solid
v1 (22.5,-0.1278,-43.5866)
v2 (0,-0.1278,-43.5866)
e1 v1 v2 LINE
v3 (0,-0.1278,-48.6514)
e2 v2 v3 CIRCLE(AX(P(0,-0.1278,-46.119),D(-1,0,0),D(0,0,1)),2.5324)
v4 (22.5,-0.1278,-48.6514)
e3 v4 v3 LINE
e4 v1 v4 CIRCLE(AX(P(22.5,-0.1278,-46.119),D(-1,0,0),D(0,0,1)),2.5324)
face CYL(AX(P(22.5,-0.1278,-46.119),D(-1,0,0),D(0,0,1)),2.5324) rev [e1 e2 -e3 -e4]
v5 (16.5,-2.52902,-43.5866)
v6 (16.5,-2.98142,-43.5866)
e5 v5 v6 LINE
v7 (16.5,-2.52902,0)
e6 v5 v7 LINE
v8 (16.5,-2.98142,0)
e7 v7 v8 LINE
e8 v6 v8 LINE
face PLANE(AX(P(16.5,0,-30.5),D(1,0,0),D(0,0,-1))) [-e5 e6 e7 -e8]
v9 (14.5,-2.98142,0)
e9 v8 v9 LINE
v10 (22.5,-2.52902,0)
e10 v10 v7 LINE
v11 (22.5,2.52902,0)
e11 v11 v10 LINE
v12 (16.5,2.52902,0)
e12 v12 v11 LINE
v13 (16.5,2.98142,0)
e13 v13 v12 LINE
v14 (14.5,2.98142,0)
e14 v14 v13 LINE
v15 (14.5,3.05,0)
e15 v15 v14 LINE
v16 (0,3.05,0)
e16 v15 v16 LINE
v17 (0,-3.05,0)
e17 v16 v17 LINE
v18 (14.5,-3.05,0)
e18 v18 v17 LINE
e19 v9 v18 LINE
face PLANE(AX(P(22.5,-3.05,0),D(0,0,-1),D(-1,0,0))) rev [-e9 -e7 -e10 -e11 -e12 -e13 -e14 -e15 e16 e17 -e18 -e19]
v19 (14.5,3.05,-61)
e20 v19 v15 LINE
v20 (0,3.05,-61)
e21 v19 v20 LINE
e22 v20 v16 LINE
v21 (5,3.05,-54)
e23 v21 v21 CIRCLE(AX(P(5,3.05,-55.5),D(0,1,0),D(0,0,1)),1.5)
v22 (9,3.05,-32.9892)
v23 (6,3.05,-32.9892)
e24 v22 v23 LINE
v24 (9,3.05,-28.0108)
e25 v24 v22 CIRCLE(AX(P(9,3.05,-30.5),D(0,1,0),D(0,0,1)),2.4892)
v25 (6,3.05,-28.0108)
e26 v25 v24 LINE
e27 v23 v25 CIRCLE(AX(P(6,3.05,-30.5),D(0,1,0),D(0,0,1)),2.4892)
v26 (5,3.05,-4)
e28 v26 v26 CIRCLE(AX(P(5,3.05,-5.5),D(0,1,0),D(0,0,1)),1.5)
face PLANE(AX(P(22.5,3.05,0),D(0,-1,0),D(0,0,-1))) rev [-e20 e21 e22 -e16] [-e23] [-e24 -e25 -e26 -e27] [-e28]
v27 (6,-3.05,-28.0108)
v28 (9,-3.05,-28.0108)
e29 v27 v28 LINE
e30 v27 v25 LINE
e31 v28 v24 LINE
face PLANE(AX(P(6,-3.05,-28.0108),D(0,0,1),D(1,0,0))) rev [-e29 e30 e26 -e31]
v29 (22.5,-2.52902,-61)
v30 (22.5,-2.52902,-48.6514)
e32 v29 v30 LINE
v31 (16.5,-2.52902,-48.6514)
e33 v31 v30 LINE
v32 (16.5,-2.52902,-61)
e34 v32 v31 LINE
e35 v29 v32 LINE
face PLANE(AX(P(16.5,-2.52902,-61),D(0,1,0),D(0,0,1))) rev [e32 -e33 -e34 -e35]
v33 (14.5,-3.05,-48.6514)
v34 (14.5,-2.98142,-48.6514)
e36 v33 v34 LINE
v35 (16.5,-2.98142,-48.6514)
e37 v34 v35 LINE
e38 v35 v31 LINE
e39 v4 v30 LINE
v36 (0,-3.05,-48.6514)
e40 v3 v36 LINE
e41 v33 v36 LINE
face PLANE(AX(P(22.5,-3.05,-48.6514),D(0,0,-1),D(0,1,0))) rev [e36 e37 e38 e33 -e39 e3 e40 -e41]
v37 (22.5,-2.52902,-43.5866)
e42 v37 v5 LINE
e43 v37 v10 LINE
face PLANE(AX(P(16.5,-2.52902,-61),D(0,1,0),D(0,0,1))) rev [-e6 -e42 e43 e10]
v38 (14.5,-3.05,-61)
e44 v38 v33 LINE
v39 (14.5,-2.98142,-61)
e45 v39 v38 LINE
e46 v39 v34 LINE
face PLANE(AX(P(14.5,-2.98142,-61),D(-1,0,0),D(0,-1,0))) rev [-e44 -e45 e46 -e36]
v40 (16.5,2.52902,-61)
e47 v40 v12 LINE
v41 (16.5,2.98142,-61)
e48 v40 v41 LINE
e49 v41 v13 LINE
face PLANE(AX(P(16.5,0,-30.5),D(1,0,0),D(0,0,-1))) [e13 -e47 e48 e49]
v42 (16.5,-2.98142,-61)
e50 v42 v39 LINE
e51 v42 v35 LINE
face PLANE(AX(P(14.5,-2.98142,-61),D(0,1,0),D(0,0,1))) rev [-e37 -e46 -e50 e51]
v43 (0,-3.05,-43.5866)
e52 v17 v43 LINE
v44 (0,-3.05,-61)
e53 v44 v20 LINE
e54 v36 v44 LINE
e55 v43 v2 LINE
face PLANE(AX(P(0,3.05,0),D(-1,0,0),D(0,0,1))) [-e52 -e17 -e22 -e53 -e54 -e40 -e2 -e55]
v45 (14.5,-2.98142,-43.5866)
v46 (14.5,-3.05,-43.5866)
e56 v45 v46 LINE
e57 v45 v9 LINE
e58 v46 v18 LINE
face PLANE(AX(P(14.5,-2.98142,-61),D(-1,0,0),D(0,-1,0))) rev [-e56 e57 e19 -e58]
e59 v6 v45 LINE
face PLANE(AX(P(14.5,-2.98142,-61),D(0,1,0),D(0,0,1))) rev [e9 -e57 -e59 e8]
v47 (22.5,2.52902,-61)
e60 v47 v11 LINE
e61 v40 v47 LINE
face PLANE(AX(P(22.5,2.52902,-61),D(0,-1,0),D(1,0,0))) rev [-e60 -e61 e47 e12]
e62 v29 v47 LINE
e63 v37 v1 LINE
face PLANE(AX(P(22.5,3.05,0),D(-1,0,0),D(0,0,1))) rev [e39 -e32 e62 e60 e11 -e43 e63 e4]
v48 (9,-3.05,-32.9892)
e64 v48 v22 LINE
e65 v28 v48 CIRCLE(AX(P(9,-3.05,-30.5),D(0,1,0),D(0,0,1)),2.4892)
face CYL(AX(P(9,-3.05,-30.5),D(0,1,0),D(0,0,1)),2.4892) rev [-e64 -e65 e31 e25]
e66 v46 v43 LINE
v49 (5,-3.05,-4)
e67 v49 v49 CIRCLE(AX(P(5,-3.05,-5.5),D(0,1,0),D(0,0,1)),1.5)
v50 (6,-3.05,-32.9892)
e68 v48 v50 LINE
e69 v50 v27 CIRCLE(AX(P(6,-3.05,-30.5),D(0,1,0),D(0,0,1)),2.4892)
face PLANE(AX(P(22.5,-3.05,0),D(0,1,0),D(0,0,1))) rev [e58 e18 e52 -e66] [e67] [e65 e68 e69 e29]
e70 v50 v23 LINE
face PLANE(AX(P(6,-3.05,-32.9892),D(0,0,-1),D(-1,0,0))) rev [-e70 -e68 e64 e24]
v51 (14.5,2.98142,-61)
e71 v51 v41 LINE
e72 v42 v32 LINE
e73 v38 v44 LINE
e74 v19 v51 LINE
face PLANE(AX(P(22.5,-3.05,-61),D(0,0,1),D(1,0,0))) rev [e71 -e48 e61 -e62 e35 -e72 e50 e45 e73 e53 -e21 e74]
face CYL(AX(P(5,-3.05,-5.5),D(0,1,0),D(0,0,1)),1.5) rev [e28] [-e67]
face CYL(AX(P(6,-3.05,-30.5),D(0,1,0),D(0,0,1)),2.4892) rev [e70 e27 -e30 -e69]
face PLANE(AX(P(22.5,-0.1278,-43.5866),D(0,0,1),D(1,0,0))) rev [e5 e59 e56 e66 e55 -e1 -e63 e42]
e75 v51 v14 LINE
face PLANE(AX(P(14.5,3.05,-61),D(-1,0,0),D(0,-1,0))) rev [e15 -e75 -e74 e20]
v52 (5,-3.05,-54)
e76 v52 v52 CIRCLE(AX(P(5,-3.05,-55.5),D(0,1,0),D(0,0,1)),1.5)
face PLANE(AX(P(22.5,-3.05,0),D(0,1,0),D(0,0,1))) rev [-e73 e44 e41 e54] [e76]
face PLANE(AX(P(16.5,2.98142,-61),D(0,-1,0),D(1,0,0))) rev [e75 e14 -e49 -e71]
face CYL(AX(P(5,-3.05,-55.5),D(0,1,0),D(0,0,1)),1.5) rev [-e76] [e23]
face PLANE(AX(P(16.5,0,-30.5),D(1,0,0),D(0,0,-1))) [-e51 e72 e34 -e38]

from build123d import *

# Parameters (mm, degrees)
SKETCH1_W           = 61
SKETCH1_H           = 6.1
BOSS_EXTRUDE1_DEPTH = 22.5
SKETCH2_OUTSIDE_W   = 76.06
SKETCH2_OUTSIDE_H   = 21.16
SKETCH2_OUTSIDE_W_2 = 61
SKETCH2_OUTSIDE_H_2 = 5.1952
CUT_EXTRUDE1_DEPTH  = 6
CUT_EXTRUDE3_DEPTH  = 23.5
CUT_EXTRUDE4_DEPTH  = 7.1
SKETCH7_R           = 1.5
CUT_EXTRUDE5_DEPTH  = 7.1
SKETCH8_W           = 2
SKETCH8_H           = 0.06858
SKETCH8_W_2         = 6
CUT_EXTRUDE6_DEPTH  = 62


with BuildPart() as part:
    # Sketch1 → Boss-Extrude1 (new body)
    with BuildSketch(Plane(origin=(0, 0, 0), x_dir=(0, 0, -1), z_dir=(1, 0, 0))):
        with Locations((30.5, 0)):
            Rectangle(SKETCH1_W, SKETCH1_H)
    extrude(amount=BOSS_EXTRUDE1_DEPTH)

    # Sketch2 outside → Cut-Extrude1 (cut)
    with BuildSketch(Plane(origin=(22.5, 0, 0), x_dir=(0, 0, -1), z_dir=(1, 0, 0))):
        with Locations((30.5, 0)):
            Rectangle(SKETCH2_OUTSIDE_W, SKETCH2_OUTSIDE_H)
        with Locations((30.5, 0)):
            Rectangle(SKETCH2_OUTSIDE_W_2, SKETCH2_OUTSIDE_H_2, mode=Mode.SUBTRACT)
    extrude(amount=-CUT_EXTRUDE1_DEPTH, mode=Mode.SUBTRACT)

    # Sketch5 → Cut-Extrude3 (cut, through all)
    with BuildSketch(Plane.ZY):
        with BuildLine():
            Line((-43.5866, -0.1278), (-43.5866, -3.05))
            Line((-43.5866, -3.05), (-48.6514, -3.05))
            Line((-48.6514, -3.05), (-48.6514, -0.1278))
            ThreePointArc((-48.6514, -0.1278), (-46.119, 2.4046), (-43.5866, -0.1278))
        make_face()
    extrude(amount=-CUT_EXTRUDE3_DEPTH, mode=Mode.SUBTRACT)

    # Sketch6 → Cut-Extrude4 (cut, through all)
    with BuildSketch(Plane(origin=(0, 3.05, 0), x_dir=(1, 0, 0), z_dir=(0, 1, 0))):
        with BuildLine():
            Line((6, 32.9892), (9, 32.9892))
            ThreePointArc((9, 32.9892), (11.4892, 30.5), (9, 28.0108))
            Line((9, 28.0108), (6, 28.0108))
            ThreePointArc((6, 28.0108), (3.5108, 30.5), (6, 32.9892))
        make_face()
    extrude(amount=-CUT_EXTRUDE4_DEPTH, mode=Mode.SUBTRACT)

    # Sketch7 → Cut-Extrude5 (cut, through all)
    with BuildSketch(Plane(origin=(0, 3.05, 0), x_dir=(1, 0, 0), z_dir=(0, 1, 0))):
        with Locations(Location((5, 55.5, 0), (0, 0, 270))):  # turned: the seam where the file's is
            Circle(SKETCH7_R)
        with Locations(Location((5, 5.5, 0), (0, 0, 270))):  # turned: the seam where the file's is
            Circle(SKETCH7_R)
    extrude(amount=-CUT_EXTRUDE5_DEPTH, mode=Mode.SUBTRACT)

    # Sketch8 → Cut-Extrude6 (cut, through all)
    with BuildSketch(Plane.XY):
        with Locations((15.5, -3.01571)):
            Rectangle(SKETCH8_W, SKETCH8_H)
        with Locations((19.5, -2.56331)):
            Rectangle(SKETCH8_W_2, SKETCH8_H)
        with Locations((19.5, 2.56331)):
            Rectangle(SKETCH8_W_2, SKETCH8_H)
        with Locations((15.5, 3.01571)):
            Rectangle(SKETCH8_W, SKETCH8_H)
    extrude(amount=-CUT_EXTRUDE6_DEPTH, mode=Mode.SUBTRACT)


solid = part.part
